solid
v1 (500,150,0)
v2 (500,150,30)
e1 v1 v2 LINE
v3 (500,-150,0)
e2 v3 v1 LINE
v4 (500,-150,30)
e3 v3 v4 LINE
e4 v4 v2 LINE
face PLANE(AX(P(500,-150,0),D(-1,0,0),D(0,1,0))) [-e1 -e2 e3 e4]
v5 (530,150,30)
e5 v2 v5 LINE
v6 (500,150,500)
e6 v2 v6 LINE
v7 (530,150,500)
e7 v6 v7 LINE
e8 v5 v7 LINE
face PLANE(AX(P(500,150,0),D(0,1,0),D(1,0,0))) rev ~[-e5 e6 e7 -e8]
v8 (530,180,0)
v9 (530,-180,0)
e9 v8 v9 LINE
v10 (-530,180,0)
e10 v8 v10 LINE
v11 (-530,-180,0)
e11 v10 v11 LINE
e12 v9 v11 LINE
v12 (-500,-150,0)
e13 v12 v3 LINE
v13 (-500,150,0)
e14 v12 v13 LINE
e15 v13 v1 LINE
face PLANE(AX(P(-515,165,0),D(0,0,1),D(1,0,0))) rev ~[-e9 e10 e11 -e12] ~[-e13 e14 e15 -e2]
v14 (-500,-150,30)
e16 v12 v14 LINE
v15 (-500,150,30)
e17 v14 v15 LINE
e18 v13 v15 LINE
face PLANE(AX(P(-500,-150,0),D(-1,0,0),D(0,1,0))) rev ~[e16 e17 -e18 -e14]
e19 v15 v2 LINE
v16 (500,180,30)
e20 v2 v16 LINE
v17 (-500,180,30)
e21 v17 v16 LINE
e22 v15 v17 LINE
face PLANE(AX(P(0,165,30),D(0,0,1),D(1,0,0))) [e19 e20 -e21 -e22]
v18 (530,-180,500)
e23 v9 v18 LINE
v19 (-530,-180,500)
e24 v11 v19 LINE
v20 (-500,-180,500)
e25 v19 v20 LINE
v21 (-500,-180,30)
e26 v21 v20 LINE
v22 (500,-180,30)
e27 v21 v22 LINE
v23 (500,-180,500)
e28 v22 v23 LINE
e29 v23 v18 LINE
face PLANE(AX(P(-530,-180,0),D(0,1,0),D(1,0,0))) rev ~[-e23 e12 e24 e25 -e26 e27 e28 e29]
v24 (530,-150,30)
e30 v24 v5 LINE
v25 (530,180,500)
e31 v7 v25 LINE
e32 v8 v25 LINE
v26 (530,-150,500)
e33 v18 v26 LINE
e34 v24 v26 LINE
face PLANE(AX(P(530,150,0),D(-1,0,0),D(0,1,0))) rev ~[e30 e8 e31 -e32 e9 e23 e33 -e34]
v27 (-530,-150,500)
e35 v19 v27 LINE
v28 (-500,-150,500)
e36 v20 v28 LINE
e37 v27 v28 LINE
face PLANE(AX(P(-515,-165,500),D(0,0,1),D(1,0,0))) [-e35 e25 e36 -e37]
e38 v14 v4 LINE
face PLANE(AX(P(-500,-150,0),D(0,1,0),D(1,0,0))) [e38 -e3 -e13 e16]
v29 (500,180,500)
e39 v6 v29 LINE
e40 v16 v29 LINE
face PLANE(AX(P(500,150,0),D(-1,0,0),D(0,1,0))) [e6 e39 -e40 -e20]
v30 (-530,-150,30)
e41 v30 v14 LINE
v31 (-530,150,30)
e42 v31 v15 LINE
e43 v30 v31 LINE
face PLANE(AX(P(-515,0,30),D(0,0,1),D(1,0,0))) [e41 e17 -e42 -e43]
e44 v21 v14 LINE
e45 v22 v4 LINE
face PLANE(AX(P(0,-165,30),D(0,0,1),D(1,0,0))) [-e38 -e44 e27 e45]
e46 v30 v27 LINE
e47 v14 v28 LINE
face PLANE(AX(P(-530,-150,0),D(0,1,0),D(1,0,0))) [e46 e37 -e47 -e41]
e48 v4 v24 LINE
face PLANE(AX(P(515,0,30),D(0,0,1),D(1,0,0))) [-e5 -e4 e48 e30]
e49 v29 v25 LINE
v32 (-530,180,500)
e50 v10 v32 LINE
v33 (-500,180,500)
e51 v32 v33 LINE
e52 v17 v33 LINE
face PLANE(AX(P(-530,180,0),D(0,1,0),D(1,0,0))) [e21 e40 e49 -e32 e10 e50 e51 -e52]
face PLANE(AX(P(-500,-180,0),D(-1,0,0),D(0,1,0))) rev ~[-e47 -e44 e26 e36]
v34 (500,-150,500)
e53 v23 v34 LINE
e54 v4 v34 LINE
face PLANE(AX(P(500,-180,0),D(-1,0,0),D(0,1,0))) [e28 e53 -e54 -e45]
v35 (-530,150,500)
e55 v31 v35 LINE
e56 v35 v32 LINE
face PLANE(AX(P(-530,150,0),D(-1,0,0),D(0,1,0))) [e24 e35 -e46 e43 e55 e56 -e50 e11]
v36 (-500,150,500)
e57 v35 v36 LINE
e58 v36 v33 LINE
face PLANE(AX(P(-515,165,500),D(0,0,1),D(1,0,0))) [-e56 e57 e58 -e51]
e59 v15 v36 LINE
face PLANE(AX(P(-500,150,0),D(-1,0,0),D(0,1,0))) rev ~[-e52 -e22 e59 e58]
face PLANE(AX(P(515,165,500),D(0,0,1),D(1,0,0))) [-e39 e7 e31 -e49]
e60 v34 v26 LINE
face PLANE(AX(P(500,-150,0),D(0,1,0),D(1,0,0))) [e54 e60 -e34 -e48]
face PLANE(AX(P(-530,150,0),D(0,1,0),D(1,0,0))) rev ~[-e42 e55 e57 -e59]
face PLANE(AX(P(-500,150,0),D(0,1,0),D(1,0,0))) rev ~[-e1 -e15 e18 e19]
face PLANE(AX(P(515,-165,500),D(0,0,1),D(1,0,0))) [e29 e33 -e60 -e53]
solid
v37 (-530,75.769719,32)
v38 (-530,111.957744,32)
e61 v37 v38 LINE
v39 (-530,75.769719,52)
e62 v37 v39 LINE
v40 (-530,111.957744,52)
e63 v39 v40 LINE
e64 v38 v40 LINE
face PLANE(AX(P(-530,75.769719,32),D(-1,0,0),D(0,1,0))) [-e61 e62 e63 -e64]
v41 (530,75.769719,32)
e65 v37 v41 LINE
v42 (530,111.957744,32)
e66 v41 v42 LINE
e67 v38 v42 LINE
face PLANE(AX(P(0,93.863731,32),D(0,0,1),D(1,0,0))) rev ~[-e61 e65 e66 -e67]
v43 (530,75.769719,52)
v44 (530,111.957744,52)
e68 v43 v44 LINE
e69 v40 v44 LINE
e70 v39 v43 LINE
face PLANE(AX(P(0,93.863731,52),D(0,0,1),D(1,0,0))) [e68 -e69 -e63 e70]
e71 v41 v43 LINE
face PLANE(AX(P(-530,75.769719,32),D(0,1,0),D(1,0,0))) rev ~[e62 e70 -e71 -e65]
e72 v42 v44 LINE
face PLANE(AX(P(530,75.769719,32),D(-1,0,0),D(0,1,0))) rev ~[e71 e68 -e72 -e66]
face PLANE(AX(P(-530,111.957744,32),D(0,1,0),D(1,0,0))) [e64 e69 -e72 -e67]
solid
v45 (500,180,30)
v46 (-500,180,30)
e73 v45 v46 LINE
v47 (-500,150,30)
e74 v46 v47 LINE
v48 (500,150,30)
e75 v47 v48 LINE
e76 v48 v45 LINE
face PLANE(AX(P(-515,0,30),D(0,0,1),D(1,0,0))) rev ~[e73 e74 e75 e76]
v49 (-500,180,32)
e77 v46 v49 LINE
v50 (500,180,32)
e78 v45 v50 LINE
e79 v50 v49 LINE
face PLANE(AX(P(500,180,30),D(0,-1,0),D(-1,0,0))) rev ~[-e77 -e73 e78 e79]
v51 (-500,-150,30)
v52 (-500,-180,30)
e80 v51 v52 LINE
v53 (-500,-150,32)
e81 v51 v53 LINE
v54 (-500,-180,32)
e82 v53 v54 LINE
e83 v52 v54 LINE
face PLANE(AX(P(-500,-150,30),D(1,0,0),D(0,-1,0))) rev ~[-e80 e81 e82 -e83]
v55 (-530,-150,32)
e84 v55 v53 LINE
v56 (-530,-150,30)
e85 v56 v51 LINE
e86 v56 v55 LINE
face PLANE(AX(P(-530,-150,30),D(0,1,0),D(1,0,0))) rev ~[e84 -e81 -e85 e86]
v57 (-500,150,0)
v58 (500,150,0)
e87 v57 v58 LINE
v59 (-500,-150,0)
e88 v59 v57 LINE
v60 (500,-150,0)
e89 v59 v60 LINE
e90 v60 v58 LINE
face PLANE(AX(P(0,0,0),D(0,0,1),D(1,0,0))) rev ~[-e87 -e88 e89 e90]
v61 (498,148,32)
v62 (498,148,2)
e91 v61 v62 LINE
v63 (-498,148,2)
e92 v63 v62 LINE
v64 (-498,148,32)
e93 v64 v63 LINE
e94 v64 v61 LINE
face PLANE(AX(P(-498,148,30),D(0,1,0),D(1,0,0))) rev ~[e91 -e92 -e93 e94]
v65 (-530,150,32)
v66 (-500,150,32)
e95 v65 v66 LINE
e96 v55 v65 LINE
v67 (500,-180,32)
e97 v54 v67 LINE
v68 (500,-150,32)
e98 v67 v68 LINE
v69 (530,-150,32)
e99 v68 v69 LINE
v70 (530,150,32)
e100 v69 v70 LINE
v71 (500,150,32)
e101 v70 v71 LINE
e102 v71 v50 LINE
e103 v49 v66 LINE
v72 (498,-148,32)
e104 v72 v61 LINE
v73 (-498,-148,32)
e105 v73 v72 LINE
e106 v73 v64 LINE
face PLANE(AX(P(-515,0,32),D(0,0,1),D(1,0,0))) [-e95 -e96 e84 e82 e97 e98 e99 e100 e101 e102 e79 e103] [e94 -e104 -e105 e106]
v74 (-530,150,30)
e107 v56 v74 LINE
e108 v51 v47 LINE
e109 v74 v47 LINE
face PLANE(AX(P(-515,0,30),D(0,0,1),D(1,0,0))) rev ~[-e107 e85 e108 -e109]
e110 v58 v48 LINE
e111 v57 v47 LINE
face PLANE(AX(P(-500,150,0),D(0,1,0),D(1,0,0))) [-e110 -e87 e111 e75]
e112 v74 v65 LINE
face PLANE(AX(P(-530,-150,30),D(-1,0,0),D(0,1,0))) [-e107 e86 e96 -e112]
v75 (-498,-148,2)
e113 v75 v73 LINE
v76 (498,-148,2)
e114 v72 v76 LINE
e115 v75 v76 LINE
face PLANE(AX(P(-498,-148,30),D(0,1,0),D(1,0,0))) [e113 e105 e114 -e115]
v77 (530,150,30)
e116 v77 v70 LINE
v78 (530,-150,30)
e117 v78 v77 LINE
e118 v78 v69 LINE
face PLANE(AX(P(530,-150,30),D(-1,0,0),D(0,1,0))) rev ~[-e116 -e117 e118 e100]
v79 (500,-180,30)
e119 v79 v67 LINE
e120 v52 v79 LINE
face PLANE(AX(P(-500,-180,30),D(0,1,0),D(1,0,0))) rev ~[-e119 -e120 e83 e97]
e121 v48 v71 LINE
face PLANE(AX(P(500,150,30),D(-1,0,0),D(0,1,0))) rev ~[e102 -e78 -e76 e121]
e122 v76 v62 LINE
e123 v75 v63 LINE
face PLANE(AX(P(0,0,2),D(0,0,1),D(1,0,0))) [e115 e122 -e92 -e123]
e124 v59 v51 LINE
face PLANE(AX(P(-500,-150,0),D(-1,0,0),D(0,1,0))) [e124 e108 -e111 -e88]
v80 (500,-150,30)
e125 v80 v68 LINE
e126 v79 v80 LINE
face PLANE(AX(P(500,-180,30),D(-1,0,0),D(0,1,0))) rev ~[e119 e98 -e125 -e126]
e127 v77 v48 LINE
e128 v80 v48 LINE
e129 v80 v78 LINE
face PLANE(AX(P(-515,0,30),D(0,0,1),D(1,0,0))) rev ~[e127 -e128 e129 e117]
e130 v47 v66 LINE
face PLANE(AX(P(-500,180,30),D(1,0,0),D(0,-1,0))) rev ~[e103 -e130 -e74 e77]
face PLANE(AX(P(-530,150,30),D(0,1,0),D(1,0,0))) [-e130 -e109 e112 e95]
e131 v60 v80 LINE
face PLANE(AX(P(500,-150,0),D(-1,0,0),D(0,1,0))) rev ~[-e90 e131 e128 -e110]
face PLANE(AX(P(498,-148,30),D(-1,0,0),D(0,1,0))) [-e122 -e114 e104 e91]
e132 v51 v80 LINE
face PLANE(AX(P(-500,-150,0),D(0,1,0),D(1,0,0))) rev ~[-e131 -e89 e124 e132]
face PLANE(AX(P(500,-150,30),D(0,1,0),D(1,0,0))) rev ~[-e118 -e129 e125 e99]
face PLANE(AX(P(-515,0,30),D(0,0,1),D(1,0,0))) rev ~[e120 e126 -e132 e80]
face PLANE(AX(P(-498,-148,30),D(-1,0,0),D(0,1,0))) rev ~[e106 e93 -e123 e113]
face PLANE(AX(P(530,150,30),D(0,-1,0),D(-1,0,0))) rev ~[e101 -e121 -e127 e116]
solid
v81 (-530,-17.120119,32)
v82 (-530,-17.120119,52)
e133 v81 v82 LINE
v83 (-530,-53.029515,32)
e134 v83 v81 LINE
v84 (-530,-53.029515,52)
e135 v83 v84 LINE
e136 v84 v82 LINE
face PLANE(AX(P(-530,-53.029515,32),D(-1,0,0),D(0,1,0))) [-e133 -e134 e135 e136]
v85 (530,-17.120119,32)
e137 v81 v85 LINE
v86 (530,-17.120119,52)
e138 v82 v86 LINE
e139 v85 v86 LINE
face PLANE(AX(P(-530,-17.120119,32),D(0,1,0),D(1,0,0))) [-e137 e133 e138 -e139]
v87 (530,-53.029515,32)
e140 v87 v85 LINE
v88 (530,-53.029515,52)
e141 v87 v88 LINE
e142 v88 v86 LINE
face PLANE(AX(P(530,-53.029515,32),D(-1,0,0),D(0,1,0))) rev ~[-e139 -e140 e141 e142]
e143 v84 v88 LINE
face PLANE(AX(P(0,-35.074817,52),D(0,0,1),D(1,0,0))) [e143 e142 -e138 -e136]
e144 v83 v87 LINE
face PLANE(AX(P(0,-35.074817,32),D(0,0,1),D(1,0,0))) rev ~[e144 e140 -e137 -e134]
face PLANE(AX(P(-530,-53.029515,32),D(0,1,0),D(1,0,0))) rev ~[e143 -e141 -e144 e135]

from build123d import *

# Parameters (mm, degrees)
F0_W     = 1000
F0_H     = 30
F1_DEPTH = 30
F0_W_2   = 30
F0_H_2   = 300
F2_DEPTH = 500
F3_DEPTH = 30
F4_T     = -2
F5_W     = 30
F5_H     = 300
F5_W_2   = 996
F5_H_2   = 296
F6_DEPTH = 2
F7_W     = 1060
F7_H     = 36.1880250275
F8_DEPTH = 20
F7_H_2   = 35.9093956649


with BuildPart() as f1:
    # F0 (on Top) → F1 (new body)
    with BuildSketch(Plane.XY):
        with Locations((0, 165)):
            Rectangle(F0_W, F0_H)
    extrude(amount=F1_DEPTH)



with BuildPart() as f1b:
    # F0 (on Top) → F1, piece 2 (new body)
    with BuildSketch(Plane.XY):
        with Locations((-515, 0)):
            Rectangle(F0_W_2, F0_H_2)
    extrude(amount=F1_DEPTH)


with BuildPart() as f1c:
    # F0 (on Top) → F1, piece 3 (new body)
    with BuildSketch(Plane.XY):
        with Locations((0, -165)):
            Rectangle(F0_W, F0_H)
    extrude(amount=F1_DEPTH)


with BuildPart() as f1d:
    # F0 (on Top) → F1, piece 4 (new body)
    with BuildSketch(Plane.XY):
        with Locations((515, 0)):
            Rectangle(F0_W_2, F0_H_2)
    extrude(amount=F1_DEPTH)


with BuildPart() as f1_1:
    add(f1.part)

    add(f1b.part)  # F2 merges F1b

    add(f1c.part)  # F2 merges F1c

    add(f1d.part)  # F2 merges F1d
    # F0 (on Top) → F2 (join)
    with BuildSketch(Plane.XY):
        with Locations((-515, 165)):
            Rectangle(F0_W_2, F0_H)
        with Locations((-515, -165)):
            Rectangle(F0_W_2, F0_H)
        with Locations((515, -165)):
            Rectangle(F0_W_2, F0_H)
        with Locations((515, 165)):
            Rectangle(F0_W_2, F0_H)
    extrude(amount=F2_DEPTH)


with BuildPart() as f3:
    # F0 (on Top) → F3 (new body)
    with BuildSketch(Plane.XY):
        Rectangle(F0_W, F0_H_2)
    extrude(amount=F3_DEPTH)

    # F4
    f4_openings = [f3.faces().sort_by_distance(p)[0] for p in [
        (0, 0, 30),
    ]]
    offset(amount=F4_T, openings=f4_openings)

    # F5 (on face) → F6 (join)
    with BuildSketch(Plane.XY.offset(30)):
        with Locations((-515, 0)):
            Rectangle(F5_W, F5_H)
        Polygon((-500, 180), (-500, 150), (-500, -150), (-500, -180), (500, -180), (500, -150), (530, -150), (530, 150), (500, 150), (500, 180), align=None)
        Rectangle(F5_W_2, F5_H_2, mode=Mode.SUBTRACT)
    extrude(amount=F6_DEPTH)


with BuildPart() as f8:
    # F7 (on face) → F8 (new body)
    with BuildSketch(Plane.XY.offset(32)):
        with Locations((0, 93.8637312502)):
            Rectangle(F7_W, F7_H)
    extrude(amount=F8_DEPTH)


with BuildPart() as f8b:
    # F7 (on face) → F8, piece 2 (new body)
    with BuildSketch(Plane.XY.offset(32)):
        with Locations((0, -35.0748170167)):
            Rectangle(F7_W, F7_H_2)
    extrude(amount=F8_DEPTH)


solid = Compound([f1_1.part, f3.part, f8.part, f8b.part])
